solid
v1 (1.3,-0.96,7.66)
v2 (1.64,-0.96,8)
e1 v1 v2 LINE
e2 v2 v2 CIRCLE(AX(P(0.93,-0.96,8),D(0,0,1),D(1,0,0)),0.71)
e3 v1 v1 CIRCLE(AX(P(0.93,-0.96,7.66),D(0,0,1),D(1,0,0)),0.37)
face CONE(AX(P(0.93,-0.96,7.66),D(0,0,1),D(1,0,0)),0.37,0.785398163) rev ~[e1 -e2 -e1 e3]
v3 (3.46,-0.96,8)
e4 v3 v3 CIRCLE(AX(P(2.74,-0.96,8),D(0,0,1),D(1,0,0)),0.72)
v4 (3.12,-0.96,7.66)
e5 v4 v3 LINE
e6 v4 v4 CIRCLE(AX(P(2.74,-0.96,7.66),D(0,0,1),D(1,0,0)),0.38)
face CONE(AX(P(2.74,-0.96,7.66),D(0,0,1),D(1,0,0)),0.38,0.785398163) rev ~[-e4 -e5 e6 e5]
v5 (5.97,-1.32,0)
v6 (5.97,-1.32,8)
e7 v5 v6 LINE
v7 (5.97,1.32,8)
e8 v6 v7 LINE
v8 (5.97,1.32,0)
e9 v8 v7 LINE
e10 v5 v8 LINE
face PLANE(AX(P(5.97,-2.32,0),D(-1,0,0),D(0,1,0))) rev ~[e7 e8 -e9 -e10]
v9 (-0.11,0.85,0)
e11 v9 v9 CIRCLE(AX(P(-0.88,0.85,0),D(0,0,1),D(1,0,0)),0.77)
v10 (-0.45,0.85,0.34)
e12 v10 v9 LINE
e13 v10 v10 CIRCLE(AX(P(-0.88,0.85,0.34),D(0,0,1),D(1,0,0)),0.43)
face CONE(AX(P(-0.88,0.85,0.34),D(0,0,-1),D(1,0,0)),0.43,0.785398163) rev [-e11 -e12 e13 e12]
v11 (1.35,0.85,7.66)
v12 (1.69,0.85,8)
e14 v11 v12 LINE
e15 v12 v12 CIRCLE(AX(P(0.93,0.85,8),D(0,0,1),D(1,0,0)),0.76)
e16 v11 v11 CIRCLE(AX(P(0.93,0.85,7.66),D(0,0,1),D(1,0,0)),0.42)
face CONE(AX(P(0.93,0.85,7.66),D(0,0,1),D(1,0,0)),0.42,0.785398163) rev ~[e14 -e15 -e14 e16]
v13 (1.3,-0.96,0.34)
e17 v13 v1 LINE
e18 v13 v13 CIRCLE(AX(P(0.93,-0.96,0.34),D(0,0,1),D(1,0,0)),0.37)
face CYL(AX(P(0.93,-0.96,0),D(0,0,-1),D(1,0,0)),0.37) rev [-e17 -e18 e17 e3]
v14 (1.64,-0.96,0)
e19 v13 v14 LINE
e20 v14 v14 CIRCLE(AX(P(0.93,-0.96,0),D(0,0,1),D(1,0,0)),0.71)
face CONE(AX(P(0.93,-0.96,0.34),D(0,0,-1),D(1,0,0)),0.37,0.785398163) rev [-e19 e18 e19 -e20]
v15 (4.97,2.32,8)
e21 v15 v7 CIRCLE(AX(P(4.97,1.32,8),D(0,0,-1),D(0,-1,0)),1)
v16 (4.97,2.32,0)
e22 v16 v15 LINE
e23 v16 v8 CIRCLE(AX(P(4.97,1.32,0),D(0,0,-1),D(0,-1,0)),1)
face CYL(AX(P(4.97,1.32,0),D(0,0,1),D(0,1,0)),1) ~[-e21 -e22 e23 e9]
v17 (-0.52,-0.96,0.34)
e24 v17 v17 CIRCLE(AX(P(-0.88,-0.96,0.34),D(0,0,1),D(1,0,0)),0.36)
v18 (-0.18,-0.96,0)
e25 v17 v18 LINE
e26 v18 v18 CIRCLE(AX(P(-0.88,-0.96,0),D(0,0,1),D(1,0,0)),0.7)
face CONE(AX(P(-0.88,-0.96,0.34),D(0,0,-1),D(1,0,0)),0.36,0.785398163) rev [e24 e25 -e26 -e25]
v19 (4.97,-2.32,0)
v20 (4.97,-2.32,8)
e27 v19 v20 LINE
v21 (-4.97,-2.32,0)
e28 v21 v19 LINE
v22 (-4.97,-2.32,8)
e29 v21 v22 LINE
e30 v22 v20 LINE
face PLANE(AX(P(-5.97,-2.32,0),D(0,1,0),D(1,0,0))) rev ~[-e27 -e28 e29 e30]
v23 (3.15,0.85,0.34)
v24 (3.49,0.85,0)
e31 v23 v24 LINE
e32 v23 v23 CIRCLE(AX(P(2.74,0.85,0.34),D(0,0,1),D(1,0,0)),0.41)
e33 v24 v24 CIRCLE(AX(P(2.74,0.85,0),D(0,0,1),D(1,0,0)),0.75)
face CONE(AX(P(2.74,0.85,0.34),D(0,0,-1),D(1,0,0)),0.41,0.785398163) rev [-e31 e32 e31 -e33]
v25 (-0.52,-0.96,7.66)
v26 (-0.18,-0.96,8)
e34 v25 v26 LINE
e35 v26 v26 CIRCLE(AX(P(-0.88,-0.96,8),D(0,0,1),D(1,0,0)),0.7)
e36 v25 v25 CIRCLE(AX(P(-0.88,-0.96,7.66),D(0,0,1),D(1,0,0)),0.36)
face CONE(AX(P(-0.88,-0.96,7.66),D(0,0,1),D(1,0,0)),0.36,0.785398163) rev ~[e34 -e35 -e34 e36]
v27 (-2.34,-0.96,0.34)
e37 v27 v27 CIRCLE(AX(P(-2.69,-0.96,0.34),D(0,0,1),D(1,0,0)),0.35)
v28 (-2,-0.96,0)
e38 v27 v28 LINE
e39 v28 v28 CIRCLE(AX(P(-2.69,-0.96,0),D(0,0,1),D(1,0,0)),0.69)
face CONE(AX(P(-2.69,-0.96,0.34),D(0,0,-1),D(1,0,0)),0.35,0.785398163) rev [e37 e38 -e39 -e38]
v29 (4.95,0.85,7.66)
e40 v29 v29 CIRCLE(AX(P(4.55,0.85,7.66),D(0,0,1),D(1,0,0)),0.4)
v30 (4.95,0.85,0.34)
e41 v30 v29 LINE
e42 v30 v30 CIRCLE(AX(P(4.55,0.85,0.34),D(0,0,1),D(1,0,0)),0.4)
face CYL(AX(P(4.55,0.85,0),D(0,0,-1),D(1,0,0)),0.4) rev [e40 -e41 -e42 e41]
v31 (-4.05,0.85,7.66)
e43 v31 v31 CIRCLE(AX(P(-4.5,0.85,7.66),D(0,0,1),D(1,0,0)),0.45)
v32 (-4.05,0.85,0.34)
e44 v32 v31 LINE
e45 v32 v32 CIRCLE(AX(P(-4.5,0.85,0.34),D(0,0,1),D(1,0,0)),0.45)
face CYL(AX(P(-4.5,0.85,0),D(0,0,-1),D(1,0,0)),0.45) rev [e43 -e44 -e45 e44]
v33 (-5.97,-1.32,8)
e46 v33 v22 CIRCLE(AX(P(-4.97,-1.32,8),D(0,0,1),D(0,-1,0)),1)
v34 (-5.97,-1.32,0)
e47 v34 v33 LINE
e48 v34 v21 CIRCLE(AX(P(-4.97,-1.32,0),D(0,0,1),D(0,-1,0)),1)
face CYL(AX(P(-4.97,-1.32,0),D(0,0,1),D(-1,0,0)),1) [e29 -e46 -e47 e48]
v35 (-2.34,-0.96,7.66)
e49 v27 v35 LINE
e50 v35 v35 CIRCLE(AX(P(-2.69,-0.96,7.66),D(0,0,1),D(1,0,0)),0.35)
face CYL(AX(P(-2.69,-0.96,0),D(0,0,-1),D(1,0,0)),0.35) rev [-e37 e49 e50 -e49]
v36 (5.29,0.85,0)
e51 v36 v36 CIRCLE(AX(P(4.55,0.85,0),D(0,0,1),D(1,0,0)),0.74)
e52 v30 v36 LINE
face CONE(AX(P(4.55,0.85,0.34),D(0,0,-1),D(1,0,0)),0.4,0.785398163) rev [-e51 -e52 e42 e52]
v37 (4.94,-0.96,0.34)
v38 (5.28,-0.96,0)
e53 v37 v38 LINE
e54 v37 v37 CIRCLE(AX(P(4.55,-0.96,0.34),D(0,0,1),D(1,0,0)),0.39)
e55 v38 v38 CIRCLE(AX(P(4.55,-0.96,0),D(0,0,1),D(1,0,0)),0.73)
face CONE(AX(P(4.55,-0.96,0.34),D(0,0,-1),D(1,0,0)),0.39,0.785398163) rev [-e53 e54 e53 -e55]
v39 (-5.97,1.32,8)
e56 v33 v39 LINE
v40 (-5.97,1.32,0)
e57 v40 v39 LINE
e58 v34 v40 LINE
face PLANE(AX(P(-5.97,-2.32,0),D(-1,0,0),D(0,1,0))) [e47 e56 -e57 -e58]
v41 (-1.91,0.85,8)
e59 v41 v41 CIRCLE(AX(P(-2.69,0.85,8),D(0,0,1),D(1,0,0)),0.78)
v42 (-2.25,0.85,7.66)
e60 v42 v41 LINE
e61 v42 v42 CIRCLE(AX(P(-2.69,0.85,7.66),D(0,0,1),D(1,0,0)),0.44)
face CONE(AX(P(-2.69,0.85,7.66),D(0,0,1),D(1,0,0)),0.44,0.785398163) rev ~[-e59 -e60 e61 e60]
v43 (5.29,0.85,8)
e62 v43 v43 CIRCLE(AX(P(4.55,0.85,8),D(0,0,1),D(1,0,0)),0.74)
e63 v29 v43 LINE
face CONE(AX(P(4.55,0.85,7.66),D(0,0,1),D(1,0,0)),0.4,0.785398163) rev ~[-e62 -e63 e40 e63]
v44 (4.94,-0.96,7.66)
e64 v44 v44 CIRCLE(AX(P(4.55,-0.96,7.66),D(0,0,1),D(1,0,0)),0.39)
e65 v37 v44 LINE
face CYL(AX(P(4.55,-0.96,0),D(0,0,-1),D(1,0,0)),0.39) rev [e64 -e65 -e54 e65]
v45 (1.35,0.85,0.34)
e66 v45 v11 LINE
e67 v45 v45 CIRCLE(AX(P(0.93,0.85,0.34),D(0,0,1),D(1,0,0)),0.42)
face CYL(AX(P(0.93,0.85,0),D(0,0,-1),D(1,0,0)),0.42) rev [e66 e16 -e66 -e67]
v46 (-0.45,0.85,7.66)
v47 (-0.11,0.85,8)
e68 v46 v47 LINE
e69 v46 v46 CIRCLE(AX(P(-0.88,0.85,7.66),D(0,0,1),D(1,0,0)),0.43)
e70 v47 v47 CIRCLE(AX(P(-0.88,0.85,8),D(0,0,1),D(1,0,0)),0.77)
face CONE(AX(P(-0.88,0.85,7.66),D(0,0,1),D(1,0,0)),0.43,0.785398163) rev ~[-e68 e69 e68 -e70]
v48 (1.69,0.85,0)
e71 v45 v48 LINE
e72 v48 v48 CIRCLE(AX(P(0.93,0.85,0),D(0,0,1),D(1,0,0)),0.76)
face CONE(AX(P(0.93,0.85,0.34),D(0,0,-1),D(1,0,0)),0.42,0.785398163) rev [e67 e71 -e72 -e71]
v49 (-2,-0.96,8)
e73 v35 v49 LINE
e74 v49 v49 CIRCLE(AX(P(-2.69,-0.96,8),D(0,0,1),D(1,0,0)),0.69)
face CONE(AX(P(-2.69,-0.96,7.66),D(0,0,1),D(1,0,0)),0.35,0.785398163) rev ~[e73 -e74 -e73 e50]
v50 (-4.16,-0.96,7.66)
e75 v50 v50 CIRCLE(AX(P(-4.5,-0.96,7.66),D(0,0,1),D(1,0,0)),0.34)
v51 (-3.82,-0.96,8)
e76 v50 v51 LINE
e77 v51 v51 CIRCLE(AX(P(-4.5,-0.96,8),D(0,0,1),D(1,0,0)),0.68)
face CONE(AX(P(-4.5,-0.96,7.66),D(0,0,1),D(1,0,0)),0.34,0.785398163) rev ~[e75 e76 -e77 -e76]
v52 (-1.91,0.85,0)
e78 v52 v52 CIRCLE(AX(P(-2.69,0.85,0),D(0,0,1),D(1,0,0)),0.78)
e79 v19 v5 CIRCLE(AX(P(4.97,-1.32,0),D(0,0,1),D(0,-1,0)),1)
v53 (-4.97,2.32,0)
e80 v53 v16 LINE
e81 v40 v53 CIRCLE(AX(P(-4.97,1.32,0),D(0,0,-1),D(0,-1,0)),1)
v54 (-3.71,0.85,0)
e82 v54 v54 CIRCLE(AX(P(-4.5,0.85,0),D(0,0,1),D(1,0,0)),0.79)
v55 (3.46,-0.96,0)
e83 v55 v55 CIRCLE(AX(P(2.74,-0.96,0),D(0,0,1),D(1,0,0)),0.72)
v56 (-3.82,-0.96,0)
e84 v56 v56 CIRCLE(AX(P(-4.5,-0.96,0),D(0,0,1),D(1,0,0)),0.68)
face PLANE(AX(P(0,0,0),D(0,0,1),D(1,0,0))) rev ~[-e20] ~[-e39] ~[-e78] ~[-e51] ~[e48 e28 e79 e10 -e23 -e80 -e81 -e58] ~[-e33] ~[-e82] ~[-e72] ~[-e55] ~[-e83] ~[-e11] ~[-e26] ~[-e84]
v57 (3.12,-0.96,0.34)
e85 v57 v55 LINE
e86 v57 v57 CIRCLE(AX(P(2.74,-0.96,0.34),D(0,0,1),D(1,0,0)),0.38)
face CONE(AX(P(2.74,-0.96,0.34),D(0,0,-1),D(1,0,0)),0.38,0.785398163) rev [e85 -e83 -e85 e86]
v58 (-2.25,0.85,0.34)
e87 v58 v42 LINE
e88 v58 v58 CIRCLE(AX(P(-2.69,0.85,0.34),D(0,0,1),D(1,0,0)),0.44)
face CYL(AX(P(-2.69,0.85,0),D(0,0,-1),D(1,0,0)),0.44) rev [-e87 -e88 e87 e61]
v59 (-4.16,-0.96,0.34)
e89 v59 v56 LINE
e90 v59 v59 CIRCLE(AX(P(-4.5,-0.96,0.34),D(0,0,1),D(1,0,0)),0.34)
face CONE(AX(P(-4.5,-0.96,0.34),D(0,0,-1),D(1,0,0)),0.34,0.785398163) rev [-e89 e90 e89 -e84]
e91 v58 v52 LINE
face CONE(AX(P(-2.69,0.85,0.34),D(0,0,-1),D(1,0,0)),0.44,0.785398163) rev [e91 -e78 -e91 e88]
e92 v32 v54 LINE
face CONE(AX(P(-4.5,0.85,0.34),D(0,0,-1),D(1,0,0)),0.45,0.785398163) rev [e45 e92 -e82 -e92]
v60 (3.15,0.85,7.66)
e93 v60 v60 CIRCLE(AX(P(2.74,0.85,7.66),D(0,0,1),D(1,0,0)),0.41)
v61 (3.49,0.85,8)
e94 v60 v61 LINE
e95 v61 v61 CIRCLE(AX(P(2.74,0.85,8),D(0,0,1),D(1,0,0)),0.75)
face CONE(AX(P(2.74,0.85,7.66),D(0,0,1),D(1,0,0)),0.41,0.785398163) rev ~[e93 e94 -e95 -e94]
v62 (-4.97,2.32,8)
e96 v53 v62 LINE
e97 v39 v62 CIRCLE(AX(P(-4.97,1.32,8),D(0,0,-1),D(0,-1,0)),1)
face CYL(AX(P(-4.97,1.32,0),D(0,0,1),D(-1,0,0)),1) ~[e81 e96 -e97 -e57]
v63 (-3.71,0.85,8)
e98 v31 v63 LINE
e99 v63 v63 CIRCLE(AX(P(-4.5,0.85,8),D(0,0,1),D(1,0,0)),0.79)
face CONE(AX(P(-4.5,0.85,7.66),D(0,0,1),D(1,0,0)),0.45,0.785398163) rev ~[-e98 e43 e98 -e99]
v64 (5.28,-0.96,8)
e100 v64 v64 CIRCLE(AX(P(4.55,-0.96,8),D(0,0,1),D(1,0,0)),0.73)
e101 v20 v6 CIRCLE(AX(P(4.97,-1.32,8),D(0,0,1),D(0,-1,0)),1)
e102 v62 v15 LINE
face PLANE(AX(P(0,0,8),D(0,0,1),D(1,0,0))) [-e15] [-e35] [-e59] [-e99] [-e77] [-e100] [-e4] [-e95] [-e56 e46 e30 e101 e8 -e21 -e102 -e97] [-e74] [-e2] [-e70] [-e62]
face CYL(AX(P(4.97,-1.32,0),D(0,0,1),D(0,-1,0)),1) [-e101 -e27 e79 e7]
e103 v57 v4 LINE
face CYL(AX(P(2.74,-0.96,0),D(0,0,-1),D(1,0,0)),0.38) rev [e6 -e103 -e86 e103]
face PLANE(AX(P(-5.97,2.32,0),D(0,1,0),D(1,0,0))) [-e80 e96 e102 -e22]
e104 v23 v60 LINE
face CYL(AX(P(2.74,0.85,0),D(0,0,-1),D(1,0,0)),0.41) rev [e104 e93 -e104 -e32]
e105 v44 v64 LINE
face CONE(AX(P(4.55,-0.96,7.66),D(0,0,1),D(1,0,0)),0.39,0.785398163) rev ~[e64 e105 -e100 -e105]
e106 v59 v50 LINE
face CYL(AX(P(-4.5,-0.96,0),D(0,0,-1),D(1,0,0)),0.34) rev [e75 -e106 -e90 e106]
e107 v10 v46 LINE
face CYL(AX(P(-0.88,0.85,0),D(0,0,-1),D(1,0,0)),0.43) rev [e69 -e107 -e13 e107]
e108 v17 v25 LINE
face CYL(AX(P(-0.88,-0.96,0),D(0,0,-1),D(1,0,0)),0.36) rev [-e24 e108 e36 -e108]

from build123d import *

# Parameters (mm, degrees)
SKETCH_W     = 11.94
SKETCH_H     = 4.64
SKETCH_R     = 0.34
SKETCH_R_2   = 0.45
SKETCH_R_3   = 0.44
SKETCH_R_4   = 0.43
SKETCH_R_5   = 0.42
SKETCH_R_6   = 0.41
SKETCH_R_7   = 0.4
SKETCH_R_8   = 0.35
SKETCH_R_9   = 0.36
SKETCH_R_10  = 0.37
SKETCH_R_11  = 0.38
SKETCH_R_12  = 0.39
PAD_DEPTH    = 8
CHAMFER_SIZE = 0.34
FILLET_R     = 1


with BuildPart() as part:
    # Sketch → Pad (new body)
    with BuildSketch(Plane.XY):
        Rectangle(SKETCH_W, SKETCH_H)
        with Locations((-4.5, -0.96)):
            Circle(SKETCH_R, mode=Mode.SUBTRACT)
        with Locations((-4.5, 0.85)):
            Circle(SKETCH_R_2, mode=Mode.SUBTRACT)
        with Locations((-2.69, 0.85)):
            Circle(SKETCH_R_3, mode=Mode.SUBTRACT)
        with Locations((-0.88, 0.85)):
            Circle(SKETCH_R_4, mode=Mode.SUBTRACT)
        with Locations((0.93, 0.85)):
            Circle(SKETCH_R_5, mode=Mode.SUBTRACT)
        with Locations((2.74, 0.85)):
            Circle(SKETCH_R_6, mode=Mode.SUBTRACT)
        with Locations((4.55, 0.85)):
            Circle(SKETCH_R_7, mode=Mode.SUBTRACT)
        with Locations((-2.69, -0.96)):
            Circle(SKETCH_R_8, mode=Mode.SUBTRACT)
        with Locations((-0.88, -0.96)):
            Circle(SKETCH_R_9, mode=Mode.SUBTRACT)
        with Locations((0.93, -0.96)):
            Circle(SKETCH_R_10, mode=Mode.SUBTRACT)
        with Locations((2.74, -0.96)):
            Circle(SKETCH_R_11, mode=Mode.SUBTRACT)
        with Locations((4.55, -0.96)):
            Circle(SKETCH_R_12, mode=Mode.SUBTRACT)
    extrude(amount=PAD_DEPTH)

    # Chamfer
    chamfer_edges = [part.edges().sort_by_distance(p)[0] for p in [
        (-4.16, -0.96, 4),
        (-4.84, -0.96, 0),
        (-4.84, -0.96, 8),
        (-4.05, 0.85, 4),
        (-4.95, 0.85, 0),
        (-4.95, 0.85, 8),
        (-2.25, 0.85, 4),
        (-3.13, 0.85, 0),
        (-3.13, 0.85, 8),
        (-2.34, -0.96, 4),
        (-3.04, -0.96, 0),
        (-3.04, -0.96, 8),
        (-0.45, 0.85, 4),
        (-1.31, 0.85, 0),
        (-1.31, 0.85, 8),
        (-0.52, -0.96, 4),
        (-1.24, -0.96, 0),
        (-1.24, -0.96, 8),
        (1.35, 0.85, 4),
        (0.51, 0.85, 0),
        (0.51, 0.85, 8),
        (1.3, -0.96, 4),
        (0.56, -0.96, 0),
        (0.56, -0.96, 8),
        (3.15, 0.85, 4),
        (2.33, 0.85, 0),
        (2.33, 0.85, 8),
        (3.12, -0.96, 4),
        (2.36, -0.96, 0),
        (2.36, -0.96, 8),
        (4.95, 0.85, 4),
        (4.15, 0.85, 0),
        (4.15, 0.85, 8),
        (4.94, -0.96, 4),
        (4.16, -0.96, 0),
        (4.16, -0.96, 8),
    ]]
    chamfer(chamfer_edges, length=CHAMFER_SIZE)

    # Fillet
    fillet_edges = [part.edges().sort_by_distance(p)[0] for p in [
        (5.97, -2.32, 4),
        (5.97, 2.32, 4),
        (-5.97, -2.32, 4),
        (-5.97, 2.32, 4),
    ]]
    fillet(fillet_edges, radius=FILLET_R)


solid = part.part
